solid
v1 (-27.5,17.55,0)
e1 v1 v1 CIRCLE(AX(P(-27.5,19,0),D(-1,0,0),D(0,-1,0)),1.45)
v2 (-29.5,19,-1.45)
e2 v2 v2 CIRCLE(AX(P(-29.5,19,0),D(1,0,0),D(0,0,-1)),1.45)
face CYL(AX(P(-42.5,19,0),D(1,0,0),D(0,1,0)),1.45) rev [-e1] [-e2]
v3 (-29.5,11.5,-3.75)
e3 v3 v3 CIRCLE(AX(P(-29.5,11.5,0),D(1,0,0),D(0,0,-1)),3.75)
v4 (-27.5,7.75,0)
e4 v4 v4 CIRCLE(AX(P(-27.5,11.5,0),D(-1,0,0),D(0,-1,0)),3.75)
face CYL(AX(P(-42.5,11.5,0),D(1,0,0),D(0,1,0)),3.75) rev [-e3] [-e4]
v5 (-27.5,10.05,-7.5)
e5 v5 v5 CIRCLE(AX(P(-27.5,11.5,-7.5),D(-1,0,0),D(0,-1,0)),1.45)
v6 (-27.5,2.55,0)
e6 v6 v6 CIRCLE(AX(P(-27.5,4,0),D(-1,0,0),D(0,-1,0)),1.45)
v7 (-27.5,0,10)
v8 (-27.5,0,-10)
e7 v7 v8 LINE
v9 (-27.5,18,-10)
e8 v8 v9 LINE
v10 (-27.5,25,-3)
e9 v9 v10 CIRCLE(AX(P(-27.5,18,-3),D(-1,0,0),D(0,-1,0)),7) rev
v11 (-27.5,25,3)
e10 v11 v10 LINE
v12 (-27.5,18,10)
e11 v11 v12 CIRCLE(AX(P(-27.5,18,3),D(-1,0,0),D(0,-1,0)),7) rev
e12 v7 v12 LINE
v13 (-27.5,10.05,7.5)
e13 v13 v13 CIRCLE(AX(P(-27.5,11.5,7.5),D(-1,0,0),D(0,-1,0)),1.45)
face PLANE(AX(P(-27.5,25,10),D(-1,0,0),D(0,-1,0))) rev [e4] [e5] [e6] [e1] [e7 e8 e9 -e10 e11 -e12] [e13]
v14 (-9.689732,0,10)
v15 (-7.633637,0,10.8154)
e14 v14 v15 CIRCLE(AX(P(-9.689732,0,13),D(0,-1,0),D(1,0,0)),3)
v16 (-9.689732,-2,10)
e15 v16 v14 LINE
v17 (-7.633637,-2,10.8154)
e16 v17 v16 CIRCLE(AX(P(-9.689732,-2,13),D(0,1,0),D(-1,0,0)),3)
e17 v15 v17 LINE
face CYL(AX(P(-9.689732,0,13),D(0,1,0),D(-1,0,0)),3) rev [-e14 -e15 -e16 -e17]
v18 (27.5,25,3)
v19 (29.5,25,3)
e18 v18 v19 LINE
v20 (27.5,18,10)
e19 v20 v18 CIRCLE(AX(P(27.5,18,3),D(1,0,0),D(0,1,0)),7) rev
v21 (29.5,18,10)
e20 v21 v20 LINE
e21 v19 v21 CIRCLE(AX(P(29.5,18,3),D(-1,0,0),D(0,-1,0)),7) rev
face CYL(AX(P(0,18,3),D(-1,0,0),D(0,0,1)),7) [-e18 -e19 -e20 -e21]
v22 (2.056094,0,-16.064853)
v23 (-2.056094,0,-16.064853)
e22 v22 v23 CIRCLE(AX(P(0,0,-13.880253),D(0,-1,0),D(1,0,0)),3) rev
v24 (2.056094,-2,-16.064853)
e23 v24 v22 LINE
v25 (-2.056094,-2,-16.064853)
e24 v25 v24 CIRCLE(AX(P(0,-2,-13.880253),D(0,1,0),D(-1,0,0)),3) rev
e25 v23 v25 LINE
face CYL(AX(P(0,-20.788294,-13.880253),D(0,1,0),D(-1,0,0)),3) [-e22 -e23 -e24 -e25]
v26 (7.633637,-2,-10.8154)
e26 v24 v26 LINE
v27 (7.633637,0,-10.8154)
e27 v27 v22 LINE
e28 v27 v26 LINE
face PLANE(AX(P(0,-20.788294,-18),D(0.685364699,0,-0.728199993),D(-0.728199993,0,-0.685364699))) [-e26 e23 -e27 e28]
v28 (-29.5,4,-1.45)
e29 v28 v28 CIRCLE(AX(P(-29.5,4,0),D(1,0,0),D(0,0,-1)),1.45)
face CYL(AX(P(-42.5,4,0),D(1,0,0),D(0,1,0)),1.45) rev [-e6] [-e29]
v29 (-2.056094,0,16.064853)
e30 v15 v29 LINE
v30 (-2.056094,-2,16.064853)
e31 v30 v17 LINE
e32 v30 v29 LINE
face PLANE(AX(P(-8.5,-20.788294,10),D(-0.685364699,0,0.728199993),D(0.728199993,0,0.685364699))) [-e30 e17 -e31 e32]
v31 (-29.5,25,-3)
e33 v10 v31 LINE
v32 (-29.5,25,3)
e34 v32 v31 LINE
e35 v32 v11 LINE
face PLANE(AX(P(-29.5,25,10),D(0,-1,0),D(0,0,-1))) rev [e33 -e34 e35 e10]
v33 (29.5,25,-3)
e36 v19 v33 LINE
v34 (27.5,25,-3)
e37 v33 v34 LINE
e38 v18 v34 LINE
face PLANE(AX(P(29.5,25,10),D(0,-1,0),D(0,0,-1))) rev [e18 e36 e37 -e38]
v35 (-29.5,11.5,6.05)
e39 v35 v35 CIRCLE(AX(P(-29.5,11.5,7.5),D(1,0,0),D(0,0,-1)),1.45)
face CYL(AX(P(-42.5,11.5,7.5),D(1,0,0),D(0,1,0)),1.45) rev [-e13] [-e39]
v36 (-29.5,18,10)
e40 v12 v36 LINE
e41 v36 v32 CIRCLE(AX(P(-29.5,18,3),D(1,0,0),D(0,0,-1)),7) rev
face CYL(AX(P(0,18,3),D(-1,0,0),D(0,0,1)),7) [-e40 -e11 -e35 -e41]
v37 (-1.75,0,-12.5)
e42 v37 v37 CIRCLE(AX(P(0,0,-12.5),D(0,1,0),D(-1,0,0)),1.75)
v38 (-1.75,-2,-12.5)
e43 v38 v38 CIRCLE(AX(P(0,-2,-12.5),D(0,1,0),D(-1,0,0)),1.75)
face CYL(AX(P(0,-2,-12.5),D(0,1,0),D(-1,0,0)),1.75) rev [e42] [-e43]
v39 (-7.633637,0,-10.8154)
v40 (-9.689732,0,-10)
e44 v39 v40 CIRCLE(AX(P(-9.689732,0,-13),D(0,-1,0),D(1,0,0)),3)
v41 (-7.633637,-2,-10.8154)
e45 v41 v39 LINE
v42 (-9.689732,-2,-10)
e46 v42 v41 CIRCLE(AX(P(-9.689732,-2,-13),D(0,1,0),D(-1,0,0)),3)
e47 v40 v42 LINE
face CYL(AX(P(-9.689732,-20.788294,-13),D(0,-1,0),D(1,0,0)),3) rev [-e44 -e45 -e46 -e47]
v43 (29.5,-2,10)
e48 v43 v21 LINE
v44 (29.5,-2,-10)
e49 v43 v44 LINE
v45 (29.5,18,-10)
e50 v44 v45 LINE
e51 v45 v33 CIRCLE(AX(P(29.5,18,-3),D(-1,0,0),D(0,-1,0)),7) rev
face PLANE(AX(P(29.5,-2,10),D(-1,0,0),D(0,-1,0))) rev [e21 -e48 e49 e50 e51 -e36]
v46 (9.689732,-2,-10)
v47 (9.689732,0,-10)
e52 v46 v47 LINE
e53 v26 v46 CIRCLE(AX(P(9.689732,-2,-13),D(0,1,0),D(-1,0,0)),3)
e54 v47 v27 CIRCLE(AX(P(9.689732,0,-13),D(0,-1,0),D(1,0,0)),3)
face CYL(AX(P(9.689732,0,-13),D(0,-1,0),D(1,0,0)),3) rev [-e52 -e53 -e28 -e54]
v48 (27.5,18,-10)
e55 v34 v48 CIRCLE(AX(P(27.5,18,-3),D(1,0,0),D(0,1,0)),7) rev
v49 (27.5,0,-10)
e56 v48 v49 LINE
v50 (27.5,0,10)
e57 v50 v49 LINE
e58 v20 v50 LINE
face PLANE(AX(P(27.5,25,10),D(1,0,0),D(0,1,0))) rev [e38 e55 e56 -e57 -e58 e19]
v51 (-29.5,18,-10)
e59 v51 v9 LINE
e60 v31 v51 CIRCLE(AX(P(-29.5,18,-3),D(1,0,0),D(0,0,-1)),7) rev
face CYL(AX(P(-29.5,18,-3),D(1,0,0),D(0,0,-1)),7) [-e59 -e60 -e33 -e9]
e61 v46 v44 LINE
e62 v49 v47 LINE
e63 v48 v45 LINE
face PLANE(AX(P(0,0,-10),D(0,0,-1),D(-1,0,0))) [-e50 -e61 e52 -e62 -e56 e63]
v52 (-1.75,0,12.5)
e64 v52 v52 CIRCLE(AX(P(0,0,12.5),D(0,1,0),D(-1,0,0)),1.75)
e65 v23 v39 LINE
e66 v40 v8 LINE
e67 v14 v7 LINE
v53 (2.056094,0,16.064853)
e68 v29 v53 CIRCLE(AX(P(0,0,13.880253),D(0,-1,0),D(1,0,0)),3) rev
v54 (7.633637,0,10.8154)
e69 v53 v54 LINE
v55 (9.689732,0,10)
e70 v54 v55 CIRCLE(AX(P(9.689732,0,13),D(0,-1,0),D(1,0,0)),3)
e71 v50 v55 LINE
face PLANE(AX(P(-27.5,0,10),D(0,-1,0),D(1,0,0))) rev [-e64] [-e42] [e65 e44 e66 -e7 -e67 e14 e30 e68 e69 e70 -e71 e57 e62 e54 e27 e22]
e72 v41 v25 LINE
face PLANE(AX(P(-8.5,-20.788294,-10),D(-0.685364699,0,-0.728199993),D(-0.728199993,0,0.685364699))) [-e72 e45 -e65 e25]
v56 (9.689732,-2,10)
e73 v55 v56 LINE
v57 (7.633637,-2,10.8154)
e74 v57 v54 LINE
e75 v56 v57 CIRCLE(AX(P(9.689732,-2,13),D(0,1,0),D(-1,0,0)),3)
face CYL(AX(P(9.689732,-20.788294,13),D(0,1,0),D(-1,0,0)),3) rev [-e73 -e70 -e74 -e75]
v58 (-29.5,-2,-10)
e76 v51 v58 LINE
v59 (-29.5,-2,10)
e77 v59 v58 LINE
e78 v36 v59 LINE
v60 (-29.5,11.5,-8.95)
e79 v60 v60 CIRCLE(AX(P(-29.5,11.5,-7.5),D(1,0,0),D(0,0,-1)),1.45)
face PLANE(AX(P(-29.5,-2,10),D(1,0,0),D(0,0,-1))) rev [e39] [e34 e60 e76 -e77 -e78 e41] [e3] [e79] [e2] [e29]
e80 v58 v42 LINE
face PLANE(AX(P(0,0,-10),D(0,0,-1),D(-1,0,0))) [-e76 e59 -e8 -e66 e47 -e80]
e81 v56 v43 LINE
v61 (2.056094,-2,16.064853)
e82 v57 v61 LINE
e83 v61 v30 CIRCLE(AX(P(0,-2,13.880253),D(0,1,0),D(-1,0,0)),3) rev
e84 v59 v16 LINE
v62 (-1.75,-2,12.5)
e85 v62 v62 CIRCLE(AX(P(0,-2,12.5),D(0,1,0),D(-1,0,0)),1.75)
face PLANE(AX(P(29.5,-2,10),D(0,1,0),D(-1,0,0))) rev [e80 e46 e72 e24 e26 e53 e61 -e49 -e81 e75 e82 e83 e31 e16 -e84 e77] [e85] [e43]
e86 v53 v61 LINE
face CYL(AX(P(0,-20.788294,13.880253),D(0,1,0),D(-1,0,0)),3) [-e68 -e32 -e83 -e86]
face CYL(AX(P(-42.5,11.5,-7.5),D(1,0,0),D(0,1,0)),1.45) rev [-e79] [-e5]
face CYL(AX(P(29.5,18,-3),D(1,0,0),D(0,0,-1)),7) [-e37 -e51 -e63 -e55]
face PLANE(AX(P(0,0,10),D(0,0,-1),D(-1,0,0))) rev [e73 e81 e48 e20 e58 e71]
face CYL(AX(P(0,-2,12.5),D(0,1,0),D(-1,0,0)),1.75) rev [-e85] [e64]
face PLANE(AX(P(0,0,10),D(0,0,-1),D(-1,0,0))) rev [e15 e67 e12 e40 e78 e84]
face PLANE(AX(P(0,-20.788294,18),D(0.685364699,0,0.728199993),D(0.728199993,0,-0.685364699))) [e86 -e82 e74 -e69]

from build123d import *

# Parameters (mm, degrees)
BOSS_EXTRUDE1_DEPTH = 10
FILLET1_R           = 7
SKETCH2_R           = 1.45
SKETCH2_R_2         = 3.75
CUT_EXTRUDE1_DEPTH  = 15
BOSS_EXTRUDE2_DEPTH = 2
FILLET3_R           = 3
SKETCH4_R           = 1.75
CUT_EXTRUDE2_DEPTH  = 3


with BuildPart() as part:
    # Sketch1 → Boss-Extrude1 (new body, symmetric)
    with BuildSketch(Plane.XY):
        Polygon((-27.5, 25), (-27.5, 0), (27.5, 0), (27.5, 25), (29.5, 25), (29.5, -2), (-29.5, -2), (-29.5, 25), align=None)
    extrude(amount=BOSS_EXTRUDE1_DEPTH, both=True)

    # Fillet1
    fillet1_edges = [part.edges().sort_by_distance(p)[0] for p in [
        (-28.5, 25, -10),
        (28.5, 25, 10),
        (-28.5, 25, 10),
        (28.5, 25, -10),
    ]]
    fillet(fillet1_edges, radius=FILLET1_R)

    # Sketch2 → Cut-Extrude1 (cut, symmetric)
    with BuildSketch(Plane(origin=(-27.5, 0, 0), x_dir=(0, 0, -1), z_dir=(1, 0, 0))):
        with Locations((0, 19)):
            Circle(SKETCH2_R)
        with Locations((7.5, 11.5)):
            Circle(SKETCH2_R)
        with Locations((0, 4)):
            Circle(SKETCH2_R)
        with Locations((-7.5, 11.5)):
            Circle(SKETCH2_R)
        with Locations((0, 11.5)):
            Circle(SKETCH2_R_2)
    extrude(amount=CUT_EXTRUDE1_DEPTH, both=True, mode=Mode.SUBTRACT)

    # Sketch3 → Boss-Extrude2 (add)
    with BuildSketch(Plane(origin=(0, 0, 0), x_dir=(1, 0, 0), z_dir=(0, 1, 0))):
        Polygon((-8.5, 10), (0, 18), (8.5, 10), align=None)
        Polygon((8.5, -10), (-8.5, -10), (0, -18), align=None)
    extrude(amount=-BOSS_EXTRUDE2_DEPTH)

    # Fillet3
    fillet3_edges = [part.edges().sort_by_distance(p)[0] for p in [
        (8.5, -1, -10),
        (-8.5, -1, -10),
        (0, -1, -18),
        (8.5, -1, 10),
        (0, -1, 18),
        (-8.5, -1, 10),
    ]]
    fillet(fillet3_edges, radius=FILLET3_R)

    # Sketch4 → Cut-Extrude2 (cut, through all)
    with BuildSketch(Plane(origin=(0, 0, 0), x_dir=(1, 0, 0), z_dir=(0, 1, 0))):
        with Locations((0, 12.5)):
            Circle(SKETCH4_R)
        with Locations((0, -12.5)):
            Circle(SKETCH4_R)
    extrude(amount=-CUT_EXTRUDE2_DEPTH, mode=Mode.SUBTRACT)


solid = part.part
